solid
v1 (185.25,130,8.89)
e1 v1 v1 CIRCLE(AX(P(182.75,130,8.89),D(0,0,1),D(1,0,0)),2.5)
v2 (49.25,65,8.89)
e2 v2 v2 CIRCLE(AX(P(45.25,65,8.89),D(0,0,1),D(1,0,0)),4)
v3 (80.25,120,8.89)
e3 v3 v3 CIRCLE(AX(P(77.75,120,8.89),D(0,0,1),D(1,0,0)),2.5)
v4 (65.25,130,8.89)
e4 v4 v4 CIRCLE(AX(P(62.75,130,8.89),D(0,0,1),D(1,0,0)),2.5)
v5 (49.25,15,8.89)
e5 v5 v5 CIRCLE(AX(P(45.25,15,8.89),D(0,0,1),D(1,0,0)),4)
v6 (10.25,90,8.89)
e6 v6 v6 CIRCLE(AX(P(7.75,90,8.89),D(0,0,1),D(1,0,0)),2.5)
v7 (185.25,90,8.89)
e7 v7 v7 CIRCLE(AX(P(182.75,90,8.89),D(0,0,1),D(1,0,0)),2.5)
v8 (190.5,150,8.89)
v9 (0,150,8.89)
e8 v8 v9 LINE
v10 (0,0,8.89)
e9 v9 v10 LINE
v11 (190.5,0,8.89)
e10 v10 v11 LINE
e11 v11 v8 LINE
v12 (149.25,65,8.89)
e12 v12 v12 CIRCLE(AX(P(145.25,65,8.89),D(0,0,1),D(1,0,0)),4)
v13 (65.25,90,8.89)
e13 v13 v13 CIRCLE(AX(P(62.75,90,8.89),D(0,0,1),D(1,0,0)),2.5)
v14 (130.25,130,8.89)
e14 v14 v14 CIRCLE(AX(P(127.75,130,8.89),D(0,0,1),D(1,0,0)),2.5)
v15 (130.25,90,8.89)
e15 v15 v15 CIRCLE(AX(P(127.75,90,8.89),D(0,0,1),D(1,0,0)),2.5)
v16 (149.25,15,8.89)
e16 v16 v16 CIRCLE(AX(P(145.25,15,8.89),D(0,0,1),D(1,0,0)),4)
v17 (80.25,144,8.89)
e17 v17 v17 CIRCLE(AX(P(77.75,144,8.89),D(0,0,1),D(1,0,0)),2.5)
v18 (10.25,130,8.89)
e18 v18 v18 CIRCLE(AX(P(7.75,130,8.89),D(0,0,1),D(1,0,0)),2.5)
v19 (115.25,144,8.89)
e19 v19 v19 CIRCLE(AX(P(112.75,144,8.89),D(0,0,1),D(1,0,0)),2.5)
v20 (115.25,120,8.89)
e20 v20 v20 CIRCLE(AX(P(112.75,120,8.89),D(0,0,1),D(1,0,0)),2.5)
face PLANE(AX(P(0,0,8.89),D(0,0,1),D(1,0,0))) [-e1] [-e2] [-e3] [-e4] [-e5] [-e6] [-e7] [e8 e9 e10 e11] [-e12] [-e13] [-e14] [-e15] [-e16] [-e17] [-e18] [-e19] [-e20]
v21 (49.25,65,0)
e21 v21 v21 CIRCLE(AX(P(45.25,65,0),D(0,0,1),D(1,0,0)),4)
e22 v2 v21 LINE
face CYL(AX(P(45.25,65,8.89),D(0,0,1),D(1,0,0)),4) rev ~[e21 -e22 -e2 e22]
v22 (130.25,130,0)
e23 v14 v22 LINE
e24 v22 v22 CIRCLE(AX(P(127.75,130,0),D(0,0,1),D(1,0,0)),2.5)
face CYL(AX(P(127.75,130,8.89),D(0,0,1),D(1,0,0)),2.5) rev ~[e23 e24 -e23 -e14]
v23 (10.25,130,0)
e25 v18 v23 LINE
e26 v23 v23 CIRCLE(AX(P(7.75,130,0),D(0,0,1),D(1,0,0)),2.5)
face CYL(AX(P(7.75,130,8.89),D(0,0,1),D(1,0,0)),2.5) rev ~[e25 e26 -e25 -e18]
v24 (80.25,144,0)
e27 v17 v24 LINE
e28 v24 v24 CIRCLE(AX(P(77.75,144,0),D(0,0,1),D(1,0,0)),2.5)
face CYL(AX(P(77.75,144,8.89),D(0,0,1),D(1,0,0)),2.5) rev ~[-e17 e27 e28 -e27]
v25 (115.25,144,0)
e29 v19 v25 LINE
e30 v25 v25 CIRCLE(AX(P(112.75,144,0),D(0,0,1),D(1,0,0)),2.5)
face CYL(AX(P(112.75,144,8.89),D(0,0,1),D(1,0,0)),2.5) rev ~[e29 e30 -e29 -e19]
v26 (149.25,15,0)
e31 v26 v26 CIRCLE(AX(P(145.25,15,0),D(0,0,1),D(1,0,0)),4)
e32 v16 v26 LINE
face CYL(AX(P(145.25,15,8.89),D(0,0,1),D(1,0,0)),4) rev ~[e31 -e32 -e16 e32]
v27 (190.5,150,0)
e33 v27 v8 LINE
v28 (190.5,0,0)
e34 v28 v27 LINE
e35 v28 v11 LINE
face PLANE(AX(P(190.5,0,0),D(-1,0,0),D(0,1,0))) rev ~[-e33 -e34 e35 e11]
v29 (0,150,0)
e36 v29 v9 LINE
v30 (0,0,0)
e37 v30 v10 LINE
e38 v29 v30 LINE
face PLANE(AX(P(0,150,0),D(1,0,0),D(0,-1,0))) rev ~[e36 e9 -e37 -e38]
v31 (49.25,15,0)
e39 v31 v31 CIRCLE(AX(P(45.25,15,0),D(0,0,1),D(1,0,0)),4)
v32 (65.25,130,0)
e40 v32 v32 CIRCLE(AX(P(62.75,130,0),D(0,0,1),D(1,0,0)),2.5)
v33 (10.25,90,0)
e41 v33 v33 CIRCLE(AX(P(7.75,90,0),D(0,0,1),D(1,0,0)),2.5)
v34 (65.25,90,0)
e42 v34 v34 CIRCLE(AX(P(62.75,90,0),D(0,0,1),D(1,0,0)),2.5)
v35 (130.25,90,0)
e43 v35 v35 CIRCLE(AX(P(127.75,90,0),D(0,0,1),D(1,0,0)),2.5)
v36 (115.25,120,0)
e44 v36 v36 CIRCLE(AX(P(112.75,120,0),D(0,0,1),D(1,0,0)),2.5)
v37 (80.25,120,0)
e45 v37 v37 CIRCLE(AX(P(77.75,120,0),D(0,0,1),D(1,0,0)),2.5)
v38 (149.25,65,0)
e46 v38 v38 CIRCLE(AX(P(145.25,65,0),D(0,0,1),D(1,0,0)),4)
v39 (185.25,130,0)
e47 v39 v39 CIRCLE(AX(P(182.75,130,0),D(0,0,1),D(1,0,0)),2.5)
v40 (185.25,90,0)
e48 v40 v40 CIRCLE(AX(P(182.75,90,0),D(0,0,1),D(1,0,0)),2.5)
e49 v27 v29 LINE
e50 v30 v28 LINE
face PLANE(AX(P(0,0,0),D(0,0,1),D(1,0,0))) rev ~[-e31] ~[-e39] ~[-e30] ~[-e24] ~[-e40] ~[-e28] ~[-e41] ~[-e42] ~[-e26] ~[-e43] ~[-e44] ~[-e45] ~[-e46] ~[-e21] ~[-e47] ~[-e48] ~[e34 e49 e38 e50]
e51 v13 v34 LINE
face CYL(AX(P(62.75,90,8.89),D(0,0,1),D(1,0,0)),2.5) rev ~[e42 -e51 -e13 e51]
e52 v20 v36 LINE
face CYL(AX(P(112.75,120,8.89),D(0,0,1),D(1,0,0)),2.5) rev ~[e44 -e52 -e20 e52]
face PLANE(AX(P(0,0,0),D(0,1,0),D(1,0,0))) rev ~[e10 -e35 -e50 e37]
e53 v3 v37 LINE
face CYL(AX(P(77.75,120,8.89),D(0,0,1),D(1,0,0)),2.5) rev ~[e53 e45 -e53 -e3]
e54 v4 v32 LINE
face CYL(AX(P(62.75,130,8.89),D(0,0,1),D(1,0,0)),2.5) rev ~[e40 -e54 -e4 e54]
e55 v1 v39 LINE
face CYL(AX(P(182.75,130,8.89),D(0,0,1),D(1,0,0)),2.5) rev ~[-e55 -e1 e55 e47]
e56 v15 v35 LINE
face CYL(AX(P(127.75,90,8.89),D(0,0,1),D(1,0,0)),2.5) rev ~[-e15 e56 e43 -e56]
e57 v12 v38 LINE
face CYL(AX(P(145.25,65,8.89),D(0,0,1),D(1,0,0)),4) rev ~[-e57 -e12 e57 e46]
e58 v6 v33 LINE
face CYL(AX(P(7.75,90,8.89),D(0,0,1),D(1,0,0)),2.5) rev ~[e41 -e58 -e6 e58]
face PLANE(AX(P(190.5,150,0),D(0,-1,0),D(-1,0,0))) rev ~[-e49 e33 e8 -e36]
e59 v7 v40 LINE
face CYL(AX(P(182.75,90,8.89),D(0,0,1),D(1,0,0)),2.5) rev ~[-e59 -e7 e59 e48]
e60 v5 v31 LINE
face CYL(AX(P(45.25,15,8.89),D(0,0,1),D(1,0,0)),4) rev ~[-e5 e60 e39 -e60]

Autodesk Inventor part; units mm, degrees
ref_plane "YZ Plane" through (0, 0, 0) normal (1, 0, 0) x (0, 1, 0)
ref_plane "XZ Plane" through (0, 0, 0) normal (0, 1, 0) x (-1, 0, 0)
ref_plane "XY Plane" through (0, 0, 0) normal (0, 0, 1) x (1, 0, 0)
sketch "Sketch1" plane through (0, 0, 0) normal (0, 0, 1) x (1, 0, 0)
  line L0 (0, 0) -> (190.5, 0)
  line L1 (190.5, 0) -> (190.5, 150)
  line L2 (190.5, 150) -> (0, 150)
  line L3 (0, 150) -> (0, 0)
  dimension "d0" = 150
  dimension "d1" = 190.5
extrude "Extrusion1" add sketch "Sketch1" along normal blind 8.89
sketch "Sketch2" plane through (0, 0, 8.89) normal (0, 0, 1) x (1, 0, 0)
  line L0 (45.25, 15) -> (145.25, 15) construction
  line L1 (145.25, 15) -> (145.25, 65) construction
  line L2 (145.25, 65) -> (45.25, 65) construction
  line L3 (45.25, 65) -> (45.25, 15) construction
  line L4 (190.5, 150) -> (0, 150) construction
  line L5 (190.5, 0) -> (190.5, 150) construction
  circle A0 centre (45.25, 65) radius 4
  circle A1 centre (145.25, 65) radius 4
  circle A2 centre (45.25, 15) radius 4
  circle A3 centre (145.25, 15) radius 4
  line L6 (0, 0) -> (190.5, 0) projected
  point P0 (95.25, 65)
  point P1 (95.25, 150)
  point P2 (145.25, 40)
  dimension "d4" = 100
  dimension "d5" = 50
  dimension "d6" = 8
  dimension "d23" = 15
extrude "Extrusion2" cut sketch "Sketch2" against normal up to surface (8.89 mm away)
sketch "Sketch3" plane through (0, 0, 8.89) normal (0, 0, 1) x (1, 0, 0)
  line L0 (7.75, 90) -> (62.75, 90) construction
  line L1 (62.75, 90) -> (62.75, 130) construction
  line L2 (62.75, 130) -> (7.75, 130) construction
  line L3 (7.75, 130) -> (7.75, 90) construction
  circle A0 centre (7.75, 130) radius 2.5
  circle A1 centre (62.75, 130) radius 2.5
  circle A2 centre (7.75, 90) radius 2.5
  circle A3 centre (62.75, 90) radius 2.5
  line L4 (190.5, 150) -> (0, 150) construction
  line L5 (95.25, 150) -> (95.25, 0)
  line L6 (0, 0) -> (190.5, 0) construction
  circle A4 centre (182.75, 130) radius 2.5
  circle A5 centre (127.75, 130) radius 2.5
  circle A6 centre (182.75, 90) radius 2.5
  circle A7 centre (127.75, 90) radius 2.5
  point P0 (62.75, 110)
  point P1 (35.25, 130)
  dimension "d9" = 5
  dimension "d10" = 55
  dimension "d11" = 40
  dimension "d12" = 60
  dimension "d22" = 20
extrude "Extrusion3" cut sketch "Sketch3" against normal up to surface (8.89 mm away)
sketch "Sketch4" plane through (0, 0, 8.89) normal (0, 0, 1) x (1, 0, 0)
  line L0 (77.75, 120) -> (112.75, 120) construction
  line L1 (112.75, 120) -> (112.75, 144) construction
  line L2 (112.75, 144) -> (77.75, 144) construction
  line L3 (77.75, 144) -> (77.75, 120) construction
  circle A0 centre (112.75, 120) radius 2.5
  circle A1 centre (112.75, 144) radius 2.5
  circle A2 centre (77.75, 144) radius 2.5
  circle A3 centre (77.75, 120) radius 2.5
  line L4 (190.5, 150) -> (0, 150) construction
  line L5 (190.5, 0) -> (190.5, 150) construction
  point P0 (0, 0)
  point P1 (95.25, 120)
  point P2 (95.25, 150)
  point P3 (190.5, 75)
  point P4 (112.75, 132)
  dimension "d15" = 5
  dimension "d16" = 35
  dimension "d17" = 24
  dimension "d18" = 6
extrude "Extrusion4" cut sketch "Sketch4" against normal up to surface (8.89 mm away)
properties part number "Spindle_Mounting_Plate"
